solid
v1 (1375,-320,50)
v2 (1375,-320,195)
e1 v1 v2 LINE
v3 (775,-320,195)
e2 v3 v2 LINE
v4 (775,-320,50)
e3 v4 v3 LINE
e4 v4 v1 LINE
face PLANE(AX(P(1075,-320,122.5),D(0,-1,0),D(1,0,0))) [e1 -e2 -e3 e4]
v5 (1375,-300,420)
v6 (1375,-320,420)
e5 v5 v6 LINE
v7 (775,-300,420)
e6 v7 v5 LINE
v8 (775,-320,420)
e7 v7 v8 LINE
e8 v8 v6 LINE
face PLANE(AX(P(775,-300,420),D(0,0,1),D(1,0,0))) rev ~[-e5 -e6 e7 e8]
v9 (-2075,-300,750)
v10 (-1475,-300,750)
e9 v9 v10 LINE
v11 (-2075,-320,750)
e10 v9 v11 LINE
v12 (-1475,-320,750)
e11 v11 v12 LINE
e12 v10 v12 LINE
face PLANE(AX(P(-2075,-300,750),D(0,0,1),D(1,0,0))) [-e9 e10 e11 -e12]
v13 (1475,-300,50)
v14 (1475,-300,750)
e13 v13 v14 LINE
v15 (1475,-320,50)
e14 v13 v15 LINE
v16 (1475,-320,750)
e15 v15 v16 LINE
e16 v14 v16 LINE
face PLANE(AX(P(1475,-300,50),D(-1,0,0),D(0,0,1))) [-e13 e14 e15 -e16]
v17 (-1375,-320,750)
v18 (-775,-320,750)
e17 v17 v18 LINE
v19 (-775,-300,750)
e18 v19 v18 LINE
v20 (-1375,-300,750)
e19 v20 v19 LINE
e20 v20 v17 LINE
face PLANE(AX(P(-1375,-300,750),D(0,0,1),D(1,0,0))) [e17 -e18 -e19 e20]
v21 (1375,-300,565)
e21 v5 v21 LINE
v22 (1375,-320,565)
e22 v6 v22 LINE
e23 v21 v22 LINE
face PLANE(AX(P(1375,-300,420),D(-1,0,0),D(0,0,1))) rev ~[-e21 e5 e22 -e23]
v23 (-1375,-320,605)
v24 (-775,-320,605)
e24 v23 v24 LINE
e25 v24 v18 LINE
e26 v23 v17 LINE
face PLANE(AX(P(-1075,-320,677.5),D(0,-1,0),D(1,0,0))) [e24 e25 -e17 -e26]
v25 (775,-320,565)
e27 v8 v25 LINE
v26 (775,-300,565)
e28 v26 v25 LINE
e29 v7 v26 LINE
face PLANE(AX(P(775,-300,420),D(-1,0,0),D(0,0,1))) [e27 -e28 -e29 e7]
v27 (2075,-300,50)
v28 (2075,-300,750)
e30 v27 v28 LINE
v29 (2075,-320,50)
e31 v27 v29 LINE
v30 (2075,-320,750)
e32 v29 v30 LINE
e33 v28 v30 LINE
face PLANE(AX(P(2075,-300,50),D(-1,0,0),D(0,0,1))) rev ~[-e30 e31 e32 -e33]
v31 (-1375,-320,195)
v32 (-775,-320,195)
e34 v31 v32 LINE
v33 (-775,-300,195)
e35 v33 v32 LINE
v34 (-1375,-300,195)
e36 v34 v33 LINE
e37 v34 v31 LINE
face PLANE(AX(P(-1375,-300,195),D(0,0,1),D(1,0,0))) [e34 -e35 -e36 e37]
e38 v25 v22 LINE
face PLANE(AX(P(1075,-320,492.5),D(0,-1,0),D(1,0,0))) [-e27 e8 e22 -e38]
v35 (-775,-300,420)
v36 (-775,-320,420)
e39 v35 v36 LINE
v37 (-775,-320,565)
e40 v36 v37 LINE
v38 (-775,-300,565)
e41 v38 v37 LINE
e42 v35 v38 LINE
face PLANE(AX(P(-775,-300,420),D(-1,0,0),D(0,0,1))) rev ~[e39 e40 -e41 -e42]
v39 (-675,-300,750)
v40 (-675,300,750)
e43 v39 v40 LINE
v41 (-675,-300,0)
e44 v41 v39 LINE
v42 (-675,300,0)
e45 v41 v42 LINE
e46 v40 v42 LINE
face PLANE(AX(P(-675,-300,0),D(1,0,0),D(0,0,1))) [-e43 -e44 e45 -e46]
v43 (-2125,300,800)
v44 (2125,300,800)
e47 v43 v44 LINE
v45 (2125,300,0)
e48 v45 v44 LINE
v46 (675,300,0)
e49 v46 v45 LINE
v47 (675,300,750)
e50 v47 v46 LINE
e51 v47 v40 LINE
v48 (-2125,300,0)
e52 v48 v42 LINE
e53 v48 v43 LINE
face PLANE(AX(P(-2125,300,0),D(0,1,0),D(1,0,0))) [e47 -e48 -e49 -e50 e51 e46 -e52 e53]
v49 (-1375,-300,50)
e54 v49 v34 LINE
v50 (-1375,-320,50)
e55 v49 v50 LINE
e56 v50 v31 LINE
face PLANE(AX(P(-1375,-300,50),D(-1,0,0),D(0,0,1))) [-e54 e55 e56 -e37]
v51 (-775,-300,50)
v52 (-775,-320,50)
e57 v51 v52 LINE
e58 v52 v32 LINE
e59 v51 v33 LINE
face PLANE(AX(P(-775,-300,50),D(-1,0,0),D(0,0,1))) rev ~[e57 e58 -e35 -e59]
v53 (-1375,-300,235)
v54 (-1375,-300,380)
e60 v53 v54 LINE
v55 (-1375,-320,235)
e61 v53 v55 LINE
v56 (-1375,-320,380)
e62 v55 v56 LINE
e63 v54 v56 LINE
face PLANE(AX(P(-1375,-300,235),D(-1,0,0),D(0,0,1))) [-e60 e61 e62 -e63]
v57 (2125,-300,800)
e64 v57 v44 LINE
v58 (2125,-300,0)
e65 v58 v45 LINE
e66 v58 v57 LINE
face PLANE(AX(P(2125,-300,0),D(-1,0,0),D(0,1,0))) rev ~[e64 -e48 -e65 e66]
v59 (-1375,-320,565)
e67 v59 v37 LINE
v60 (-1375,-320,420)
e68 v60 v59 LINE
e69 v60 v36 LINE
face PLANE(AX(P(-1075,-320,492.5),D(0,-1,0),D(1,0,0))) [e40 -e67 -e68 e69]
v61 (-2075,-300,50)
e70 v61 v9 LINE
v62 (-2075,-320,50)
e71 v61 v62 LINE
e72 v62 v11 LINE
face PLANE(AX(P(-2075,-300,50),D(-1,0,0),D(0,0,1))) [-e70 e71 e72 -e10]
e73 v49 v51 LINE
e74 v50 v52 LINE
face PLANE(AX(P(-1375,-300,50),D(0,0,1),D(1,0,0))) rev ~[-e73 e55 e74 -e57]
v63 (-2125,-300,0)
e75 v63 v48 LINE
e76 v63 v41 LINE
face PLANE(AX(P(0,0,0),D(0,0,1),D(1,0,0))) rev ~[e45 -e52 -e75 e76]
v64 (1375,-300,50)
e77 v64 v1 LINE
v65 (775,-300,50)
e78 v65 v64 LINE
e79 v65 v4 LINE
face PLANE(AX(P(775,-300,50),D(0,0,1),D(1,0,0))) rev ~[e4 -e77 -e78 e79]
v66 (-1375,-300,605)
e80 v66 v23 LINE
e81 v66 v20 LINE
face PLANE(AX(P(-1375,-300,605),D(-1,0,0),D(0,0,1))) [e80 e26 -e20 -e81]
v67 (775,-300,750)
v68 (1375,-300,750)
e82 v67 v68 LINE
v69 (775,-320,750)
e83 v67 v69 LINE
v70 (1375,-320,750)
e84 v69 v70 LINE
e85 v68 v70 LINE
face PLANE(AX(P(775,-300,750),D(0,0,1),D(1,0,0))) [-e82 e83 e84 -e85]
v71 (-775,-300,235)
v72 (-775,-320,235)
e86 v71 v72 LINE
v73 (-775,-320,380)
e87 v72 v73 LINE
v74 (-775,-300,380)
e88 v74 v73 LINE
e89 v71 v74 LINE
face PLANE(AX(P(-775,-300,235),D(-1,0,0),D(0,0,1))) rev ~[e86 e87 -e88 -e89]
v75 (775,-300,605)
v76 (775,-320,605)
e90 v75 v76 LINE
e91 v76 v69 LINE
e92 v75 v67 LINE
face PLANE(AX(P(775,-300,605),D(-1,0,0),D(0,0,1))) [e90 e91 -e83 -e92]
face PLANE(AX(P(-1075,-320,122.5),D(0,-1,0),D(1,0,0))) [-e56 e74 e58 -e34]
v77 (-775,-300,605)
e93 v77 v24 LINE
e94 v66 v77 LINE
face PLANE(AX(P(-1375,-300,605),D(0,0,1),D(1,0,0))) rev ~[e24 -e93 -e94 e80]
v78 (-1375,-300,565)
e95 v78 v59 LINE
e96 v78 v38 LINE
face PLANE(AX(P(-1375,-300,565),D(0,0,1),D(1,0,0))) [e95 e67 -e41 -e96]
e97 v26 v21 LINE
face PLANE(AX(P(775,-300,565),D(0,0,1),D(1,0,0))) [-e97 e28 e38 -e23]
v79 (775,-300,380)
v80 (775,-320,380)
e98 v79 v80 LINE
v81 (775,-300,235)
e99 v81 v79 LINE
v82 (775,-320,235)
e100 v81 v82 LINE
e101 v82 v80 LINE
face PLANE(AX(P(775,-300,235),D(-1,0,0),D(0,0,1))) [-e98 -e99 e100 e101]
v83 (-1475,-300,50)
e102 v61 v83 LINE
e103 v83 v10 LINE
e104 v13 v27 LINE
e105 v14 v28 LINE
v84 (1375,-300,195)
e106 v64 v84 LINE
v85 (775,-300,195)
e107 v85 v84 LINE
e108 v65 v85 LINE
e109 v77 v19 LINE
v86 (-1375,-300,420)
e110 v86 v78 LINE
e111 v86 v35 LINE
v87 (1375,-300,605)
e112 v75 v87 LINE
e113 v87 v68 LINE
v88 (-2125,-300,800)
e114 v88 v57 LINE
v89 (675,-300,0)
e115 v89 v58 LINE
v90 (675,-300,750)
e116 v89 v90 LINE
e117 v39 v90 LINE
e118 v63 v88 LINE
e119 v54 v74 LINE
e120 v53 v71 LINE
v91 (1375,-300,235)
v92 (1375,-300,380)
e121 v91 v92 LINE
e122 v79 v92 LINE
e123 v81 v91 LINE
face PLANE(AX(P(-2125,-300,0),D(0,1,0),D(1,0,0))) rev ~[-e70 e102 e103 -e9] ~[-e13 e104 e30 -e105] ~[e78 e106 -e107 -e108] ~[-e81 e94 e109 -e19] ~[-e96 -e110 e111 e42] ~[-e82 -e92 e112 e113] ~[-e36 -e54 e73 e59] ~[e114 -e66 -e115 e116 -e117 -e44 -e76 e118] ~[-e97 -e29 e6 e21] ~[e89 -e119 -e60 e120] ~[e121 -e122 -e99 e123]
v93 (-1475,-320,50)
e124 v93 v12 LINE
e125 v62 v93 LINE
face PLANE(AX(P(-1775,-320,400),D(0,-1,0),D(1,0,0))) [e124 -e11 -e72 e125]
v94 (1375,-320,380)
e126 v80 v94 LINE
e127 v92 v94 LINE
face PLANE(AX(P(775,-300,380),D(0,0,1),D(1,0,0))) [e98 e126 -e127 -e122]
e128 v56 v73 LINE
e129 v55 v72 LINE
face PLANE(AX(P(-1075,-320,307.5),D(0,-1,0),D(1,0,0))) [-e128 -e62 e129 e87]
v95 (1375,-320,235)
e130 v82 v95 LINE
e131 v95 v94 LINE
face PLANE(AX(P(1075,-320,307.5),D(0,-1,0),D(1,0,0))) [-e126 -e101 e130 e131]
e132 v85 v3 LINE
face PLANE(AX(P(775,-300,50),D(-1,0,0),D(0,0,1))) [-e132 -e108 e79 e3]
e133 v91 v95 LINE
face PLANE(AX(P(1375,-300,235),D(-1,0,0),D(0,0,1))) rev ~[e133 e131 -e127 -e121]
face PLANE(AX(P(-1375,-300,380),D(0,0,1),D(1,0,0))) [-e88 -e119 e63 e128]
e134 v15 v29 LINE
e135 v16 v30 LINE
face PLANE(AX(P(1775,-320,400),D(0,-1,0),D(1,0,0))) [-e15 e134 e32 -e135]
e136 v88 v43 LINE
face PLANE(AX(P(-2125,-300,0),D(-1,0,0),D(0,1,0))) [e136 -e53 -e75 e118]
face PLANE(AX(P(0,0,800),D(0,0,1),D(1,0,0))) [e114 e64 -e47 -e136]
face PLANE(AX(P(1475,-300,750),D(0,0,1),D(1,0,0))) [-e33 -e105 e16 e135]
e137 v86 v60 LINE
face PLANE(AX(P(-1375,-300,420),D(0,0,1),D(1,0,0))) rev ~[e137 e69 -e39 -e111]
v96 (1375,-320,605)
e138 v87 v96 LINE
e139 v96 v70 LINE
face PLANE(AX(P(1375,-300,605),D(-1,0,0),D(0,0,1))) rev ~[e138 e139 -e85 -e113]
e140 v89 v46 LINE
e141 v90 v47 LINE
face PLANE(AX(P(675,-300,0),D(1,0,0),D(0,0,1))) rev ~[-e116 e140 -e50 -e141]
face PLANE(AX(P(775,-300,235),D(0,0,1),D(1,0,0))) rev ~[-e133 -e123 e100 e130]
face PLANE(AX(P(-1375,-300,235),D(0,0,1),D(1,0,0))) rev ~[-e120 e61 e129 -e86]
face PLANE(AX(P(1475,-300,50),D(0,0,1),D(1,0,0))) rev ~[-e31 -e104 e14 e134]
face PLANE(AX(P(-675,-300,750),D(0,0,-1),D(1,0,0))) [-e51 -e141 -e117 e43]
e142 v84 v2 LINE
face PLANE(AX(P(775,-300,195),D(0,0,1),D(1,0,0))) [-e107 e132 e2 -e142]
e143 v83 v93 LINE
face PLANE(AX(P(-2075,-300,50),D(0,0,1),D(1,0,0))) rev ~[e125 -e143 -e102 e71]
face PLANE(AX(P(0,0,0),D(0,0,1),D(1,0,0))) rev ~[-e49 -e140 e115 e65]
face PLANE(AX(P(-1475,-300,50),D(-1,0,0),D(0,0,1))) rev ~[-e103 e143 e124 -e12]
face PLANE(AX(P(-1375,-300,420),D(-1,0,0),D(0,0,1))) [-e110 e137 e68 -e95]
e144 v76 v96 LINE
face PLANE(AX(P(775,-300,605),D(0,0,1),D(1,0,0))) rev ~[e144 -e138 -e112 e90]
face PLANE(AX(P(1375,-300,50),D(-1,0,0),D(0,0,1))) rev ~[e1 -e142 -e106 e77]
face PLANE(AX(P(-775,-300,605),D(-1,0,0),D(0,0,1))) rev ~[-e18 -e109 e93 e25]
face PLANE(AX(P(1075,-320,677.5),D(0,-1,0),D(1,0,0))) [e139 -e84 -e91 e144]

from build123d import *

# Parameters (mm, degrees)
F0_W     = 4250
F0_H     = 600
F1_DEPTH = 800
F2_W     = 600
F2_H     = 700
F2_H_2   = 145
F3_DEPTH = 20
F2_W_2   = 1350
F2_H_3   = 750
F4_DEPTH = 700


with BuildPart() as f1:
    # F0 (on Top) → F1 (new body)
    with BuildSketch(Plane.XY):
        Rectangle(F0_W, F0_H)
    extrude(amount=F1_DEPTH)

    # F2 (on face) → F3 (join)
    with BuildSketch(Plane.XZ.offset(300)):
        with Locations((-1775, 400)):
            Rectangle(F2_W, F2_H)
        with Locations((-1075, 677.5)):
            Rectangle(F2_W, F2_H_2)
        with Locations((-1075, 492.5)):
            Rectangle(F2_W, F2_H_2)
        with Locations((-1075, 307.5)):
            Rectangle(F2_W, F2_H_2)
        with Locations((-1075, 122.5)):
            Rectangle(F2_W, F2_H_2)
        with Locations((1075, 677.5)):
            Rectangle(F2_W, F2_H_2)
        with Locations((1075, 492.5)):
            Rectangle(F2_W, F2_H_2)
        with Locations((1075, 307.5)):
            Rectangle(F2_W, F2_H_2)
        with Locations((1075, 122.5)):
            Rectangle(F2_W, F2_H_2)
        with Locations((1775, 400)):
            Rectangle(F2_W, F2_H)
    extrude(amount=F3_DEPTH)

    # F2 (on face) → F4 (cut)
    with BuildSketch(Plane.XZ.offset(300)):
        with Locations((0, 375)):
            Rectangle(F2_W_2, F2_H_3)
    extrude(amount=-F4_DEPTH, mode=Mode.SUBTRACT)


solid = f1.part
